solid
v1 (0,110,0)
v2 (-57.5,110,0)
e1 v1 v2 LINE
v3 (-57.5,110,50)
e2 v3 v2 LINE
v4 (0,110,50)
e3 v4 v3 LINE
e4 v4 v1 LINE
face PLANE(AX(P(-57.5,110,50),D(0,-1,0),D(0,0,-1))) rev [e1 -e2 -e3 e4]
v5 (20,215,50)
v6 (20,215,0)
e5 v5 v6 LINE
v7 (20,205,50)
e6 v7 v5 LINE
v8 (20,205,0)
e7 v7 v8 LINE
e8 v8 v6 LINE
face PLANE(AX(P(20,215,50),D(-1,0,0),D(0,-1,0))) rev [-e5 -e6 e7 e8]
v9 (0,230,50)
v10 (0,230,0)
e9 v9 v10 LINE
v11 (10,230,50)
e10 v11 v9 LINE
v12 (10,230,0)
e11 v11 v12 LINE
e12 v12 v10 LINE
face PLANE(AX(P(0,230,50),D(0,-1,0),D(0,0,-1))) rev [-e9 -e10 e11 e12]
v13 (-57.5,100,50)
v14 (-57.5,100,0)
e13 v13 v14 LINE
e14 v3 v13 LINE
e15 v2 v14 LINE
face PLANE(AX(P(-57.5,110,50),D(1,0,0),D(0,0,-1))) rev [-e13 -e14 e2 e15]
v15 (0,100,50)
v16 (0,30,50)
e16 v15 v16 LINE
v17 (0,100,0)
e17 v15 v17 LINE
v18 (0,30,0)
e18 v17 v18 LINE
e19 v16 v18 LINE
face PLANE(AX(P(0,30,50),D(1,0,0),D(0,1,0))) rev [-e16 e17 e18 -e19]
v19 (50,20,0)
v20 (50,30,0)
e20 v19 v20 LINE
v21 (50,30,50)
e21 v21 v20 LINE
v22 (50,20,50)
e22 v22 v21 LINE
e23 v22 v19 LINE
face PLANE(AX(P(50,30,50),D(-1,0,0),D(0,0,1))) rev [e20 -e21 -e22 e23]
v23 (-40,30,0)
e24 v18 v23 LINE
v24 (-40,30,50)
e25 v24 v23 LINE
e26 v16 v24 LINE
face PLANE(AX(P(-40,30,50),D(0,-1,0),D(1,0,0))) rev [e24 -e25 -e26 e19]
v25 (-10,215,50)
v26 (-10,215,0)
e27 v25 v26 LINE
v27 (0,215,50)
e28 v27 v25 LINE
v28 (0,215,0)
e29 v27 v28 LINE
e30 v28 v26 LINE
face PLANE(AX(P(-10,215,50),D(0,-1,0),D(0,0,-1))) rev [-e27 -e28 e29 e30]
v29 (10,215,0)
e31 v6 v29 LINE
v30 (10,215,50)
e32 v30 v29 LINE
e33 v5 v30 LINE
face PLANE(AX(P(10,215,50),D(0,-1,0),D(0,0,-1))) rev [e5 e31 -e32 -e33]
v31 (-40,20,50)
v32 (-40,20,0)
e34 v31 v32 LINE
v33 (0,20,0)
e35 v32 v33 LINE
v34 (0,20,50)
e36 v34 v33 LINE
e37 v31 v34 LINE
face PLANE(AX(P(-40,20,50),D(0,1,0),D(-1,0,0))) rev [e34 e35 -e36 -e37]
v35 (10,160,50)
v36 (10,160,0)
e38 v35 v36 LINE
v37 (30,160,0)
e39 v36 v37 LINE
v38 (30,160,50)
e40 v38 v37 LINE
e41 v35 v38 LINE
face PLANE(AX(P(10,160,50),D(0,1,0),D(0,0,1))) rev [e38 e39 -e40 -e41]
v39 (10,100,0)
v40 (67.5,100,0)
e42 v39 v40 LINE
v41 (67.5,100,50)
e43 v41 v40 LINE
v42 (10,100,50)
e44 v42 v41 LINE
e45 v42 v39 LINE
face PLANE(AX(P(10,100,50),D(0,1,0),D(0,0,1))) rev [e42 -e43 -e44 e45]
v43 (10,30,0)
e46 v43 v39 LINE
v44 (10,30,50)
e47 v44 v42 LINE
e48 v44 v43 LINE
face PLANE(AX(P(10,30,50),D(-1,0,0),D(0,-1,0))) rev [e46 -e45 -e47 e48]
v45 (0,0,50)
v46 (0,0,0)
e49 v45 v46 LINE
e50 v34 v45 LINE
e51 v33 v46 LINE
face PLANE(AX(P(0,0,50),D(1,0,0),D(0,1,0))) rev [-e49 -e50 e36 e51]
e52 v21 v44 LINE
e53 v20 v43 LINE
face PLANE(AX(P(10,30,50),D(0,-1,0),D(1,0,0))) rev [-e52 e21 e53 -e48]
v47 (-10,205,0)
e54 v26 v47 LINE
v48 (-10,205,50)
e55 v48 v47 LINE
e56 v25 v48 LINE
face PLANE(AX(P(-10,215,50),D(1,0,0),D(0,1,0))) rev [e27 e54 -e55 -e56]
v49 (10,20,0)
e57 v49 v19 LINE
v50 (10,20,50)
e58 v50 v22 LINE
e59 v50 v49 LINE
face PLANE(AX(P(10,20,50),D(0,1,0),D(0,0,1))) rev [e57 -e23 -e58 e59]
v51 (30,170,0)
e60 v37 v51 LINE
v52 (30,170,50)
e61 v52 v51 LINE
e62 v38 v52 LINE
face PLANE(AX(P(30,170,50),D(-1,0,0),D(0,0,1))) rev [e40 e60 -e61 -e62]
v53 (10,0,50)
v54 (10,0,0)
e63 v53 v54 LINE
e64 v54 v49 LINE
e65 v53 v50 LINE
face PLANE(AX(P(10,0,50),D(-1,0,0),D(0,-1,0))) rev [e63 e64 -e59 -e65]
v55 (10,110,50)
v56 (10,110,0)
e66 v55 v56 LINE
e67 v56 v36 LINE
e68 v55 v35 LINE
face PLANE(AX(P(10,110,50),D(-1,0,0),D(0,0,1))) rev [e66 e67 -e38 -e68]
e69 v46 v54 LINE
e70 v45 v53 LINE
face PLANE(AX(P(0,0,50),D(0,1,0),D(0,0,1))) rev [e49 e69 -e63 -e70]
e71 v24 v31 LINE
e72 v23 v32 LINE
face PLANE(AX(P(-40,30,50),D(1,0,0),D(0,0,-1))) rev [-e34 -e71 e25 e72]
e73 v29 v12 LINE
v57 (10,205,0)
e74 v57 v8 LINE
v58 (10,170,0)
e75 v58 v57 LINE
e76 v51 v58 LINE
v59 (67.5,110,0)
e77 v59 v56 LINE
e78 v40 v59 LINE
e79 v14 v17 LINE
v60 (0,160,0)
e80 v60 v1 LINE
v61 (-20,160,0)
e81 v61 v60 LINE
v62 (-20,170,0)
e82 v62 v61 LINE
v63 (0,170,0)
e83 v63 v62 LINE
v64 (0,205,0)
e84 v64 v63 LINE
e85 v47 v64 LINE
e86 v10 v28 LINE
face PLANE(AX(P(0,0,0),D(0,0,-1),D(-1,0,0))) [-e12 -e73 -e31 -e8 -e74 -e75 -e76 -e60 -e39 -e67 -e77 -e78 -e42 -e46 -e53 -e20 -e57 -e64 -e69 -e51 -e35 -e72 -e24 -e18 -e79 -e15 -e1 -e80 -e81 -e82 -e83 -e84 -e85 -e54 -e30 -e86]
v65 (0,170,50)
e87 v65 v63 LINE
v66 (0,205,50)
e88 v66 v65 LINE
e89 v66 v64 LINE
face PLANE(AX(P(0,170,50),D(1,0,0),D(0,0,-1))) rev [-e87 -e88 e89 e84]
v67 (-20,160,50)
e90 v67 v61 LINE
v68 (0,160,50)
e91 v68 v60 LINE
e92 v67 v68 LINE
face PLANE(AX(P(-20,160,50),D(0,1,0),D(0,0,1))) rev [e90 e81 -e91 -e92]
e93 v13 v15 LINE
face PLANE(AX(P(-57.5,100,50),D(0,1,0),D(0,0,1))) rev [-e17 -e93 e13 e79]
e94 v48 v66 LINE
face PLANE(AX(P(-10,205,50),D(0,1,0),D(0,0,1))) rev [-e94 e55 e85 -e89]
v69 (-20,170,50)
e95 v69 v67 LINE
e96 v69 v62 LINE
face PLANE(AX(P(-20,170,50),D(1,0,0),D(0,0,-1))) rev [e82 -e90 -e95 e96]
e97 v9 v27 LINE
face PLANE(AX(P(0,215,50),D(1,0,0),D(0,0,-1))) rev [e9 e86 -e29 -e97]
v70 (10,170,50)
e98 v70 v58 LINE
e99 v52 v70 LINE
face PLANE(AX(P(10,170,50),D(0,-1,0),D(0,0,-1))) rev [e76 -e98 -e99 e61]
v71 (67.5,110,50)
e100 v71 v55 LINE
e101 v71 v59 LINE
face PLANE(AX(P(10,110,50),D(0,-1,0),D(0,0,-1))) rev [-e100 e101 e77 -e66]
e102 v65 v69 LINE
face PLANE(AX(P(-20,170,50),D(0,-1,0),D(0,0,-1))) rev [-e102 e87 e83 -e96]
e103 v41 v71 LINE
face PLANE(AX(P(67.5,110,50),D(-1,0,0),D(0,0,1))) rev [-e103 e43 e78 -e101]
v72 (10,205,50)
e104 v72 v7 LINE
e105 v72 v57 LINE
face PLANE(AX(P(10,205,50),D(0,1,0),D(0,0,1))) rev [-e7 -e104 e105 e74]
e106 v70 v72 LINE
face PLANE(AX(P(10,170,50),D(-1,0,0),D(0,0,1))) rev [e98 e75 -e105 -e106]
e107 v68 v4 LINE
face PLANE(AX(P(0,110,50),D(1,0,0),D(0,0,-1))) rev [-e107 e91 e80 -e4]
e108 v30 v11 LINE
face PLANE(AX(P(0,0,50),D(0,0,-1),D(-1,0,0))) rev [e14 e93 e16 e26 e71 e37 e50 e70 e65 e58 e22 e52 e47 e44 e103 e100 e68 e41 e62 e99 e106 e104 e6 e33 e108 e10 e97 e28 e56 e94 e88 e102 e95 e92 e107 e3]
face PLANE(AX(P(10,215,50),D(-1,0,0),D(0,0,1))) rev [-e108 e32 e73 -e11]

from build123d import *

# Parameters (mm, degrees)
RESSALTO_EXTRUS_O1_DEPTH = 50


with BuildPart() as part:
    # Esboço1 → Ressalto-extrusão1 (new body)
    with BuildSketch(Plane.XY):
        Polygon((10, 215), (20, 215), (20, 205), (10, 205), (10, 170), (30, 170), (30, 160), (10, 160), (10, 110), (67.5, 110), (67.5, 100), (10, 100), (10, 30), (50, 30), (50, 20), (10, 20), (10, 0), (0, 0), (0, 20), (-40, 20), (-40, 30), (0, 30), (0, 100), (-57.5, 100), (-57.5, 110), (0, 110), (0, 160), (-20, 160), (-20, 170), (0, 170), (0, 205), (-10, 205), (-10, 215), (0, 215), (0, 230), (10, 230), align=None)
    extrude(amount=RESSALTO_EXTRUS_O1_DEPTH)


solid = part.part
